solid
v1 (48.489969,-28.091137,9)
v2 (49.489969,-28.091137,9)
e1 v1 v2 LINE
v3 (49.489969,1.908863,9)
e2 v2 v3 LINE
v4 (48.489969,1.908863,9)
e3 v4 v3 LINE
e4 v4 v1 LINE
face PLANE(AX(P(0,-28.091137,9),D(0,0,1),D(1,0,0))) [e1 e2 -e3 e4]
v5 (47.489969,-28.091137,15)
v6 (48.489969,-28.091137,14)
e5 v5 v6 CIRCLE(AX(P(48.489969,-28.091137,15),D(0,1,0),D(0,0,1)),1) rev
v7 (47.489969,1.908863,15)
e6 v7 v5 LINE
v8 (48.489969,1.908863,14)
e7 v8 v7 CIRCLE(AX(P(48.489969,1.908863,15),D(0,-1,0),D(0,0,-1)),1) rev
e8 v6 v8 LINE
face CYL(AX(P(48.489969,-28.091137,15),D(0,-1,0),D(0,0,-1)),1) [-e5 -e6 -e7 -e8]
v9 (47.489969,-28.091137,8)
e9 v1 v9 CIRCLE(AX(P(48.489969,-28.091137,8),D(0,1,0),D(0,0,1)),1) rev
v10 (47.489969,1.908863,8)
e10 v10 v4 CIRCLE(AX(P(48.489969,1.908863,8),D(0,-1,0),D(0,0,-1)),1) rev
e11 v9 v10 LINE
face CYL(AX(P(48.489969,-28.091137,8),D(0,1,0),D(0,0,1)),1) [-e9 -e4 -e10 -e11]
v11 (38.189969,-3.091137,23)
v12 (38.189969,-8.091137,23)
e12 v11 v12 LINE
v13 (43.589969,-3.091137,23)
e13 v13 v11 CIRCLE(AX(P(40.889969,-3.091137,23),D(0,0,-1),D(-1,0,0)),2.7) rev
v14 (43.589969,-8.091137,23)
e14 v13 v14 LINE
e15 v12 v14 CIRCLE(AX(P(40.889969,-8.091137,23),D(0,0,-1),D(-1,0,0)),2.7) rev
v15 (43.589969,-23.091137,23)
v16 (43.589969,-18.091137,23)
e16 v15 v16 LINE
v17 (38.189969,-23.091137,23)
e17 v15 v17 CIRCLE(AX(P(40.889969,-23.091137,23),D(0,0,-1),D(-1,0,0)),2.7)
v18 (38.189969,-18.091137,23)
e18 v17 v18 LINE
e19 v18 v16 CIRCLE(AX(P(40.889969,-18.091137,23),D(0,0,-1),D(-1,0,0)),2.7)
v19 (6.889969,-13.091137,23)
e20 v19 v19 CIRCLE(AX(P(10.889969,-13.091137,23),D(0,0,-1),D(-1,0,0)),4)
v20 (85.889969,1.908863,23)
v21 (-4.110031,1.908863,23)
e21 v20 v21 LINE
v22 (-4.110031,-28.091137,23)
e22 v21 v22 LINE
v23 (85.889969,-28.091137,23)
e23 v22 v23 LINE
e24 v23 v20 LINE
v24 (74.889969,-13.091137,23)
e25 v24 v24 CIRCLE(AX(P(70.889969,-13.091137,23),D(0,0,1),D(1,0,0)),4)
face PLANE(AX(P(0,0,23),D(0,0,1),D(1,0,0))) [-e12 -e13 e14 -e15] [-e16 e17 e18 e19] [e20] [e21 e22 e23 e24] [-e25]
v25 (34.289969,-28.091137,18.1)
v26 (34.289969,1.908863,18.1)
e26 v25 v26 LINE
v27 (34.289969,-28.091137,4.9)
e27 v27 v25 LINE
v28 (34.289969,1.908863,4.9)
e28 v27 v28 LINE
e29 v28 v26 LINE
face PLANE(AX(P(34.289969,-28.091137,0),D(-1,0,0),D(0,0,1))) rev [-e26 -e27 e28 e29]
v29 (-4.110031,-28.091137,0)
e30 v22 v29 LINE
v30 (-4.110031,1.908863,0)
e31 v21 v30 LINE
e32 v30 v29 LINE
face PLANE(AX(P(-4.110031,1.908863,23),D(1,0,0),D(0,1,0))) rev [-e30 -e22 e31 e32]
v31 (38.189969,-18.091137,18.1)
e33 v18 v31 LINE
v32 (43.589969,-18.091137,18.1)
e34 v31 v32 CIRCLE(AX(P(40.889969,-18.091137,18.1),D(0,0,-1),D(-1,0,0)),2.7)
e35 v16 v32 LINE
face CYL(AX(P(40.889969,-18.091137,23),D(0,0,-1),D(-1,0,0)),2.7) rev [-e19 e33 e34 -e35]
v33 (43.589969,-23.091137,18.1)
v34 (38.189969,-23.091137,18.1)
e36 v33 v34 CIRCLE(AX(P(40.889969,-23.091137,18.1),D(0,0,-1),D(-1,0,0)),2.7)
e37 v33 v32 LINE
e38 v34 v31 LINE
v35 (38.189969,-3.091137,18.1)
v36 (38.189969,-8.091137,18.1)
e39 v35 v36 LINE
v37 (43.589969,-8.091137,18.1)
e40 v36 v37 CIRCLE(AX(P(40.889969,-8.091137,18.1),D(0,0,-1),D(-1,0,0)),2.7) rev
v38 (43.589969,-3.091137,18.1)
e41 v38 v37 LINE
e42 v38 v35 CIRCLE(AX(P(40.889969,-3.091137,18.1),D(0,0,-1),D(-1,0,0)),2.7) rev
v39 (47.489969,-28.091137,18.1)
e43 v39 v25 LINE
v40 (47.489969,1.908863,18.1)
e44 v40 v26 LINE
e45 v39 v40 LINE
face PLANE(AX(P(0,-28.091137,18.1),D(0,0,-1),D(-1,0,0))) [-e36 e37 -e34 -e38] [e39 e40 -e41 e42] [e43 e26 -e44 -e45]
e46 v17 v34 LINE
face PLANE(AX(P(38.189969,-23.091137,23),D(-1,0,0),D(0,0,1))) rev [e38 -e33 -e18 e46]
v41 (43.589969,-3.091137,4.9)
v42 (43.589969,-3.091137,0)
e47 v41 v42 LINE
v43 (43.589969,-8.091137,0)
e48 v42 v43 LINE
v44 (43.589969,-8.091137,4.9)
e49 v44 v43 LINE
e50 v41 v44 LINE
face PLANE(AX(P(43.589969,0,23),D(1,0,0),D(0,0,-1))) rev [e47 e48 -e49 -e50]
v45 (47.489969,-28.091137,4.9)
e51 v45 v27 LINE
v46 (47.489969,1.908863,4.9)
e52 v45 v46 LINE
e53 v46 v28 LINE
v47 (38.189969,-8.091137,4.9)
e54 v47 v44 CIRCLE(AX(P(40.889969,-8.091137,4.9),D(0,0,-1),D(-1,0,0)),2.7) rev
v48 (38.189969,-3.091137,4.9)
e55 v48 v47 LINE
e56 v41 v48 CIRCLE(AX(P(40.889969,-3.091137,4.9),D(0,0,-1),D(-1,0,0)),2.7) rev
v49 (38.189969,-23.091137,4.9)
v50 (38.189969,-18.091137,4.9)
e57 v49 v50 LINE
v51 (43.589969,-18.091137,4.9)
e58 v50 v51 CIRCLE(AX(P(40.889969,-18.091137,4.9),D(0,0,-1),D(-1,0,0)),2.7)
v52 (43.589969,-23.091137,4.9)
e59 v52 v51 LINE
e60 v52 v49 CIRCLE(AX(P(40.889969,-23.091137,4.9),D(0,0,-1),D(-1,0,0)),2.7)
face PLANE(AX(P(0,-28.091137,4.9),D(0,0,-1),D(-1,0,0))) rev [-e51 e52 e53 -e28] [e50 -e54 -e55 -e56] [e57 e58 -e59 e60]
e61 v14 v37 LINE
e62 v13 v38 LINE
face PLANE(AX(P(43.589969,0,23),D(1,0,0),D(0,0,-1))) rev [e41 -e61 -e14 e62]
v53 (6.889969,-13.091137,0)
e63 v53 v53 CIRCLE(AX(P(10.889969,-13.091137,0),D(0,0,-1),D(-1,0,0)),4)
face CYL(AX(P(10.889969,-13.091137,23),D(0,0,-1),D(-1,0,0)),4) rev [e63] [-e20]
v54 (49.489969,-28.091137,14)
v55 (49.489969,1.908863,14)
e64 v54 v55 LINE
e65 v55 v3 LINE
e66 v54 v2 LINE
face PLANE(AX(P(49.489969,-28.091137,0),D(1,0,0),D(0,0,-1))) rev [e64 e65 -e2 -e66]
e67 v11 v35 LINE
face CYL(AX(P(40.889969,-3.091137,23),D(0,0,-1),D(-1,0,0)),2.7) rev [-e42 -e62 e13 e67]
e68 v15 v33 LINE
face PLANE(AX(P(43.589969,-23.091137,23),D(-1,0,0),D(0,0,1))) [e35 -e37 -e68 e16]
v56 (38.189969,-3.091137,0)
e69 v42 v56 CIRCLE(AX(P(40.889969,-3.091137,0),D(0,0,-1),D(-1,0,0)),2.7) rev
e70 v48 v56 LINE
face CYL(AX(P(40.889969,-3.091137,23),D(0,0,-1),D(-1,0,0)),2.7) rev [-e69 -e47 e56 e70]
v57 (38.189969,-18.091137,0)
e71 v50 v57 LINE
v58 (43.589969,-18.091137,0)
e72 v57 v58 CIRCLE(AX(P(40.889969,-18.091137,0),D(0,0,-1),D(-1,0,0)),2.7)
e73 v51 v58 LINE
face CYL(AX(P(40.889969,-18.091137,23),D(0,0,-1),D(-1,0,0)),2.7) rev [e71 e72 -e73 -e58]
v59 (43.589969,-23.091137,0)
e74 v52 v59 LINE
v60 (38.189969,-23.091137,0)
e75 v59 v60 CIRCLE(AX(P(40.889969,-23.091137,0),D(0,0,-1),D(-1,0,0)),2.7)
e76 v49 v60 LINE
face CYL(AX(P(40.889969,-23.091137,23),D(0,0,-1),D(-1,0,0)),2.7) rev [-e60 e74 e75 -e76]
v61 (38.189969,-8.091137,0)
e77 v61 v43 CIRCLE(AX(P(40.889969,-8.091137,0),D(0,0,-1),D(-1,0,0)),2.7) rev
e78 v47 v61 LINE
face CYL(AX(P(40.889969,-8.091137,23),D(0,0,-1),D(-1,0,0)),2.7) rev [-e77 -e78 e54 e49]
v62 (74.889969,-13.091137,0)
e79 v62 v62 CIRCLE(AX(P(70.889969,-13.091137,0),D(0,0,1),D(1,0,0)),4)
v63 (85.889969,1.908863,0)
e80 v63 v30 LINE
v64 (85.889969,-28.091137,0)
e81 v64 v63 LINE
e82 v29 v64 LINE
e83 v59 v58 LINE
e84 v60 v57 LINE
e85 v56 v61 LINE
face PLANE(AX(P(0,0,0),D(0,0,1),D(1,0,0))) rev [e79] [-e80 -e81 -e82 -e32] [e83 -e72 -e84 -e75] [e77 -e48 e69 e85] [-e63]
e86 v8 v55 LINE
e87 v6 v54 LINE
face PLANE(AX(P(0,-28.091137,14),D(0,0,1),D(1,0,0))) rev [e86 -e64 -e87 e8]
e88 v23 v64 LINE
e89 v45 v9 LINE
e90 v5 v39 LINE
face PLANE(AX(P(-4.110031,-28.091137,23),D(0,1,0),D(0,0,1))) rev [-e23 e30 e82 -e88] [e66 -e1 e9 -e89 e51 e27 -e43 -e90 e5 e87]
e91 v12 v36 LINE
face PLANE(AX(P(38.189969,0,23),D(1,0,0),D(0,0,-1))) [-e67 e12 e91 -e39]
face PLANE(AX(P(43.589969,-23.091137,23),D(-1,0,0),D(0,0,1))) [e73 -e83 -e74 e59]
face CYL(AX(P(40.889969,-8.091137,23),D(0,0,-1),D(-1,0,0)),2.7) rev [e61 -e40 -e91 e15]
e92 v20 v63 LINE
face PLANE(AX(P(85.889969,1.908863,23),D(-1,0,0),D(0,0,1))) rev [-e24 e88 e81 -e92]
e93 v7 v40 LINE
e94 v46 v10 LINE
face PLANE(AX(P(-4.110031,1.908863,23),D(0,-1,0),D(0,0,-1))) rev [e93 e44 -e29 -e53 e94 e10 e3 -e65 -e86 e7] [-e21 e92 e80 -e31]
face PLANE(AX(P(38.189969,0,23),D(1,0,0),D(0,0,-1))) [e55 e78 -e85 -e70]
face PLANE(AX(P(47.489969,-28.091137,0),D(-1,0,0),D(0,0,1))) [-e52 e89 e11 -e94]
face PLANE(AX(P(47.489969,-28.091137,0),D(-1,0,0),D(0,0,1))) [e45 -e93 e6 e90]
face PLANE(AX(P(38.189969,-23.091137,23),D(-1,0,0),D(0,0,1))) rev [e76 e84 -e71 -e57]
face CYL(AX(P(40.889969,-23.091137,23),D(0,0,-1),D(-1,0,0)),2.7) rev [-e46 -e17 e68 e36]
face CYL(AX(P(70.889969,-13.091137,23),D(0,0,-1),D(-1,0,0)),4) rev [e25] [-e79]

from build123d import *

# Parameters (mm, degrees)
ESQUISSE1_W             = 90
ESQUISSE1_H             = 30
BOSS_EXTRU_1_DEPTH      = 23
ESQUISSE2_W             = 13.2
ESQUISSE2_H             = 13.2
ESQUISSE2_W_2           = 2
ESQUISSE2_H_2           = 5
ENL_V_MAT_EXTRU_1_DEPTH = 31
ESQUISSE3_R             = 4
ENL_V_MAT_EXTRU_2_DEPTH = 24
ENL_V_MAT_EXTRU_3_DEPTH = 24
CONG_1_R                = 1


with BuildPart() as part:
    # Esquisse1 → Boss.-Extru.1 (new body)
    with BuildSketch(Plane.XY):
        with Locations((40.889968792, -13.091136671)):
            Rectangle(ESQUISSE1_W, ESQUISSE1_H)
    extrude(amount=BOSS_EXTRU_1_DEPTH)

    # Esquisse2 → Enlèv. mat.-Extru.1 (cut, through all)
    with BuildSketch(Plane(origin=(0, 1.908863329, 0), x_dir=(1, 0, 0), z_dir=(0, 1, 0))):
        with Locations((40.889968792, -11.5)):
            Rectangle(ESQUISSE2_W, ESQUISSE2_H)
        with Locations((48.489968792, -11.5)):
            Rectangle(ESQUISSE2_W_2, ESQUISSE2_H_2)
    extrude(amount=-ENL_V_MAT_EXTRU_1_DEPTH, mode=Mode.SUBTRACT)

    # Esquisse3 → Enlèv. mat.-Extru.2 (cut, through all)
    with BuildSketch(Plane(origin=(0, 0, 0), x_dir=(-1, 0, 0), z_dir=(0, 0, -1))):
        with Locations((-10.889968792, -13.091136671)):
            Circle(ESQUISSE3_R)
        with Locations((-70.889968792, -13.091136671)):
            Circle(ESQUISSE3_R)
    extrude(amount=-ENL_V_MAT_EXTRU_2_DEPTH, mode=Mode.SUBTRACT)

    # Esquisse4 → Enlèv. mat.-Extru.3 (cut, through all)
    with BuildSketch(Plane(origin=(0, 0, 0), x_dir=(-1, 0, 0), z_dir=(0, 0, -1))):
        with BuildLine():
            ThreePointArc((-38.189968792, -8.091136671), (-40.889968792, -10.791136671), (-43.589968792, -8.091136671))
            Line((-43.589968792, -8.091136671), (-43.589968792, -3.091136671))
            ThreePointArc((-43.589968792, -3.091136671), (-40.889968792, -0.391136671), (-38.189968792, -3.091136671))
            Line((-38.189968792, -3.091136671), (-38.189968792, -8.091136671))
        make_face()
        with BuildLine():
            Line((-43.589968792, -23.091136671), (-43.589968792, -18.091136671))
            ThreePointArc((-43.589968792, -18.091136671), (-40.889968792, -15.391136671), (-38.189968792, -18.091136671))
            Line((-38.189968792, -18.091136671), (-38.189968792, -23.091136671))
            ThreePointArc((-38.189968792, -23.091136671), (-40.889968792, -25.791136671), (-43.589968792, -23.091136671))
        make_face()
    extrude(amount=-ENL_V_MAT_EXTRU_3_DEPTH, mode=Mode.SUBTRACT)

    # Congé1
    cong_1_edges = [part.edges().sort_by_distance(p)[0] for p in [
        (47.489968792, -13.091136671, 9),
        (47.489968792, -13.091136671, 14),
    ]]
    fillet(cong_1_edges, radius=CONG_1_R)


solid = part.part
